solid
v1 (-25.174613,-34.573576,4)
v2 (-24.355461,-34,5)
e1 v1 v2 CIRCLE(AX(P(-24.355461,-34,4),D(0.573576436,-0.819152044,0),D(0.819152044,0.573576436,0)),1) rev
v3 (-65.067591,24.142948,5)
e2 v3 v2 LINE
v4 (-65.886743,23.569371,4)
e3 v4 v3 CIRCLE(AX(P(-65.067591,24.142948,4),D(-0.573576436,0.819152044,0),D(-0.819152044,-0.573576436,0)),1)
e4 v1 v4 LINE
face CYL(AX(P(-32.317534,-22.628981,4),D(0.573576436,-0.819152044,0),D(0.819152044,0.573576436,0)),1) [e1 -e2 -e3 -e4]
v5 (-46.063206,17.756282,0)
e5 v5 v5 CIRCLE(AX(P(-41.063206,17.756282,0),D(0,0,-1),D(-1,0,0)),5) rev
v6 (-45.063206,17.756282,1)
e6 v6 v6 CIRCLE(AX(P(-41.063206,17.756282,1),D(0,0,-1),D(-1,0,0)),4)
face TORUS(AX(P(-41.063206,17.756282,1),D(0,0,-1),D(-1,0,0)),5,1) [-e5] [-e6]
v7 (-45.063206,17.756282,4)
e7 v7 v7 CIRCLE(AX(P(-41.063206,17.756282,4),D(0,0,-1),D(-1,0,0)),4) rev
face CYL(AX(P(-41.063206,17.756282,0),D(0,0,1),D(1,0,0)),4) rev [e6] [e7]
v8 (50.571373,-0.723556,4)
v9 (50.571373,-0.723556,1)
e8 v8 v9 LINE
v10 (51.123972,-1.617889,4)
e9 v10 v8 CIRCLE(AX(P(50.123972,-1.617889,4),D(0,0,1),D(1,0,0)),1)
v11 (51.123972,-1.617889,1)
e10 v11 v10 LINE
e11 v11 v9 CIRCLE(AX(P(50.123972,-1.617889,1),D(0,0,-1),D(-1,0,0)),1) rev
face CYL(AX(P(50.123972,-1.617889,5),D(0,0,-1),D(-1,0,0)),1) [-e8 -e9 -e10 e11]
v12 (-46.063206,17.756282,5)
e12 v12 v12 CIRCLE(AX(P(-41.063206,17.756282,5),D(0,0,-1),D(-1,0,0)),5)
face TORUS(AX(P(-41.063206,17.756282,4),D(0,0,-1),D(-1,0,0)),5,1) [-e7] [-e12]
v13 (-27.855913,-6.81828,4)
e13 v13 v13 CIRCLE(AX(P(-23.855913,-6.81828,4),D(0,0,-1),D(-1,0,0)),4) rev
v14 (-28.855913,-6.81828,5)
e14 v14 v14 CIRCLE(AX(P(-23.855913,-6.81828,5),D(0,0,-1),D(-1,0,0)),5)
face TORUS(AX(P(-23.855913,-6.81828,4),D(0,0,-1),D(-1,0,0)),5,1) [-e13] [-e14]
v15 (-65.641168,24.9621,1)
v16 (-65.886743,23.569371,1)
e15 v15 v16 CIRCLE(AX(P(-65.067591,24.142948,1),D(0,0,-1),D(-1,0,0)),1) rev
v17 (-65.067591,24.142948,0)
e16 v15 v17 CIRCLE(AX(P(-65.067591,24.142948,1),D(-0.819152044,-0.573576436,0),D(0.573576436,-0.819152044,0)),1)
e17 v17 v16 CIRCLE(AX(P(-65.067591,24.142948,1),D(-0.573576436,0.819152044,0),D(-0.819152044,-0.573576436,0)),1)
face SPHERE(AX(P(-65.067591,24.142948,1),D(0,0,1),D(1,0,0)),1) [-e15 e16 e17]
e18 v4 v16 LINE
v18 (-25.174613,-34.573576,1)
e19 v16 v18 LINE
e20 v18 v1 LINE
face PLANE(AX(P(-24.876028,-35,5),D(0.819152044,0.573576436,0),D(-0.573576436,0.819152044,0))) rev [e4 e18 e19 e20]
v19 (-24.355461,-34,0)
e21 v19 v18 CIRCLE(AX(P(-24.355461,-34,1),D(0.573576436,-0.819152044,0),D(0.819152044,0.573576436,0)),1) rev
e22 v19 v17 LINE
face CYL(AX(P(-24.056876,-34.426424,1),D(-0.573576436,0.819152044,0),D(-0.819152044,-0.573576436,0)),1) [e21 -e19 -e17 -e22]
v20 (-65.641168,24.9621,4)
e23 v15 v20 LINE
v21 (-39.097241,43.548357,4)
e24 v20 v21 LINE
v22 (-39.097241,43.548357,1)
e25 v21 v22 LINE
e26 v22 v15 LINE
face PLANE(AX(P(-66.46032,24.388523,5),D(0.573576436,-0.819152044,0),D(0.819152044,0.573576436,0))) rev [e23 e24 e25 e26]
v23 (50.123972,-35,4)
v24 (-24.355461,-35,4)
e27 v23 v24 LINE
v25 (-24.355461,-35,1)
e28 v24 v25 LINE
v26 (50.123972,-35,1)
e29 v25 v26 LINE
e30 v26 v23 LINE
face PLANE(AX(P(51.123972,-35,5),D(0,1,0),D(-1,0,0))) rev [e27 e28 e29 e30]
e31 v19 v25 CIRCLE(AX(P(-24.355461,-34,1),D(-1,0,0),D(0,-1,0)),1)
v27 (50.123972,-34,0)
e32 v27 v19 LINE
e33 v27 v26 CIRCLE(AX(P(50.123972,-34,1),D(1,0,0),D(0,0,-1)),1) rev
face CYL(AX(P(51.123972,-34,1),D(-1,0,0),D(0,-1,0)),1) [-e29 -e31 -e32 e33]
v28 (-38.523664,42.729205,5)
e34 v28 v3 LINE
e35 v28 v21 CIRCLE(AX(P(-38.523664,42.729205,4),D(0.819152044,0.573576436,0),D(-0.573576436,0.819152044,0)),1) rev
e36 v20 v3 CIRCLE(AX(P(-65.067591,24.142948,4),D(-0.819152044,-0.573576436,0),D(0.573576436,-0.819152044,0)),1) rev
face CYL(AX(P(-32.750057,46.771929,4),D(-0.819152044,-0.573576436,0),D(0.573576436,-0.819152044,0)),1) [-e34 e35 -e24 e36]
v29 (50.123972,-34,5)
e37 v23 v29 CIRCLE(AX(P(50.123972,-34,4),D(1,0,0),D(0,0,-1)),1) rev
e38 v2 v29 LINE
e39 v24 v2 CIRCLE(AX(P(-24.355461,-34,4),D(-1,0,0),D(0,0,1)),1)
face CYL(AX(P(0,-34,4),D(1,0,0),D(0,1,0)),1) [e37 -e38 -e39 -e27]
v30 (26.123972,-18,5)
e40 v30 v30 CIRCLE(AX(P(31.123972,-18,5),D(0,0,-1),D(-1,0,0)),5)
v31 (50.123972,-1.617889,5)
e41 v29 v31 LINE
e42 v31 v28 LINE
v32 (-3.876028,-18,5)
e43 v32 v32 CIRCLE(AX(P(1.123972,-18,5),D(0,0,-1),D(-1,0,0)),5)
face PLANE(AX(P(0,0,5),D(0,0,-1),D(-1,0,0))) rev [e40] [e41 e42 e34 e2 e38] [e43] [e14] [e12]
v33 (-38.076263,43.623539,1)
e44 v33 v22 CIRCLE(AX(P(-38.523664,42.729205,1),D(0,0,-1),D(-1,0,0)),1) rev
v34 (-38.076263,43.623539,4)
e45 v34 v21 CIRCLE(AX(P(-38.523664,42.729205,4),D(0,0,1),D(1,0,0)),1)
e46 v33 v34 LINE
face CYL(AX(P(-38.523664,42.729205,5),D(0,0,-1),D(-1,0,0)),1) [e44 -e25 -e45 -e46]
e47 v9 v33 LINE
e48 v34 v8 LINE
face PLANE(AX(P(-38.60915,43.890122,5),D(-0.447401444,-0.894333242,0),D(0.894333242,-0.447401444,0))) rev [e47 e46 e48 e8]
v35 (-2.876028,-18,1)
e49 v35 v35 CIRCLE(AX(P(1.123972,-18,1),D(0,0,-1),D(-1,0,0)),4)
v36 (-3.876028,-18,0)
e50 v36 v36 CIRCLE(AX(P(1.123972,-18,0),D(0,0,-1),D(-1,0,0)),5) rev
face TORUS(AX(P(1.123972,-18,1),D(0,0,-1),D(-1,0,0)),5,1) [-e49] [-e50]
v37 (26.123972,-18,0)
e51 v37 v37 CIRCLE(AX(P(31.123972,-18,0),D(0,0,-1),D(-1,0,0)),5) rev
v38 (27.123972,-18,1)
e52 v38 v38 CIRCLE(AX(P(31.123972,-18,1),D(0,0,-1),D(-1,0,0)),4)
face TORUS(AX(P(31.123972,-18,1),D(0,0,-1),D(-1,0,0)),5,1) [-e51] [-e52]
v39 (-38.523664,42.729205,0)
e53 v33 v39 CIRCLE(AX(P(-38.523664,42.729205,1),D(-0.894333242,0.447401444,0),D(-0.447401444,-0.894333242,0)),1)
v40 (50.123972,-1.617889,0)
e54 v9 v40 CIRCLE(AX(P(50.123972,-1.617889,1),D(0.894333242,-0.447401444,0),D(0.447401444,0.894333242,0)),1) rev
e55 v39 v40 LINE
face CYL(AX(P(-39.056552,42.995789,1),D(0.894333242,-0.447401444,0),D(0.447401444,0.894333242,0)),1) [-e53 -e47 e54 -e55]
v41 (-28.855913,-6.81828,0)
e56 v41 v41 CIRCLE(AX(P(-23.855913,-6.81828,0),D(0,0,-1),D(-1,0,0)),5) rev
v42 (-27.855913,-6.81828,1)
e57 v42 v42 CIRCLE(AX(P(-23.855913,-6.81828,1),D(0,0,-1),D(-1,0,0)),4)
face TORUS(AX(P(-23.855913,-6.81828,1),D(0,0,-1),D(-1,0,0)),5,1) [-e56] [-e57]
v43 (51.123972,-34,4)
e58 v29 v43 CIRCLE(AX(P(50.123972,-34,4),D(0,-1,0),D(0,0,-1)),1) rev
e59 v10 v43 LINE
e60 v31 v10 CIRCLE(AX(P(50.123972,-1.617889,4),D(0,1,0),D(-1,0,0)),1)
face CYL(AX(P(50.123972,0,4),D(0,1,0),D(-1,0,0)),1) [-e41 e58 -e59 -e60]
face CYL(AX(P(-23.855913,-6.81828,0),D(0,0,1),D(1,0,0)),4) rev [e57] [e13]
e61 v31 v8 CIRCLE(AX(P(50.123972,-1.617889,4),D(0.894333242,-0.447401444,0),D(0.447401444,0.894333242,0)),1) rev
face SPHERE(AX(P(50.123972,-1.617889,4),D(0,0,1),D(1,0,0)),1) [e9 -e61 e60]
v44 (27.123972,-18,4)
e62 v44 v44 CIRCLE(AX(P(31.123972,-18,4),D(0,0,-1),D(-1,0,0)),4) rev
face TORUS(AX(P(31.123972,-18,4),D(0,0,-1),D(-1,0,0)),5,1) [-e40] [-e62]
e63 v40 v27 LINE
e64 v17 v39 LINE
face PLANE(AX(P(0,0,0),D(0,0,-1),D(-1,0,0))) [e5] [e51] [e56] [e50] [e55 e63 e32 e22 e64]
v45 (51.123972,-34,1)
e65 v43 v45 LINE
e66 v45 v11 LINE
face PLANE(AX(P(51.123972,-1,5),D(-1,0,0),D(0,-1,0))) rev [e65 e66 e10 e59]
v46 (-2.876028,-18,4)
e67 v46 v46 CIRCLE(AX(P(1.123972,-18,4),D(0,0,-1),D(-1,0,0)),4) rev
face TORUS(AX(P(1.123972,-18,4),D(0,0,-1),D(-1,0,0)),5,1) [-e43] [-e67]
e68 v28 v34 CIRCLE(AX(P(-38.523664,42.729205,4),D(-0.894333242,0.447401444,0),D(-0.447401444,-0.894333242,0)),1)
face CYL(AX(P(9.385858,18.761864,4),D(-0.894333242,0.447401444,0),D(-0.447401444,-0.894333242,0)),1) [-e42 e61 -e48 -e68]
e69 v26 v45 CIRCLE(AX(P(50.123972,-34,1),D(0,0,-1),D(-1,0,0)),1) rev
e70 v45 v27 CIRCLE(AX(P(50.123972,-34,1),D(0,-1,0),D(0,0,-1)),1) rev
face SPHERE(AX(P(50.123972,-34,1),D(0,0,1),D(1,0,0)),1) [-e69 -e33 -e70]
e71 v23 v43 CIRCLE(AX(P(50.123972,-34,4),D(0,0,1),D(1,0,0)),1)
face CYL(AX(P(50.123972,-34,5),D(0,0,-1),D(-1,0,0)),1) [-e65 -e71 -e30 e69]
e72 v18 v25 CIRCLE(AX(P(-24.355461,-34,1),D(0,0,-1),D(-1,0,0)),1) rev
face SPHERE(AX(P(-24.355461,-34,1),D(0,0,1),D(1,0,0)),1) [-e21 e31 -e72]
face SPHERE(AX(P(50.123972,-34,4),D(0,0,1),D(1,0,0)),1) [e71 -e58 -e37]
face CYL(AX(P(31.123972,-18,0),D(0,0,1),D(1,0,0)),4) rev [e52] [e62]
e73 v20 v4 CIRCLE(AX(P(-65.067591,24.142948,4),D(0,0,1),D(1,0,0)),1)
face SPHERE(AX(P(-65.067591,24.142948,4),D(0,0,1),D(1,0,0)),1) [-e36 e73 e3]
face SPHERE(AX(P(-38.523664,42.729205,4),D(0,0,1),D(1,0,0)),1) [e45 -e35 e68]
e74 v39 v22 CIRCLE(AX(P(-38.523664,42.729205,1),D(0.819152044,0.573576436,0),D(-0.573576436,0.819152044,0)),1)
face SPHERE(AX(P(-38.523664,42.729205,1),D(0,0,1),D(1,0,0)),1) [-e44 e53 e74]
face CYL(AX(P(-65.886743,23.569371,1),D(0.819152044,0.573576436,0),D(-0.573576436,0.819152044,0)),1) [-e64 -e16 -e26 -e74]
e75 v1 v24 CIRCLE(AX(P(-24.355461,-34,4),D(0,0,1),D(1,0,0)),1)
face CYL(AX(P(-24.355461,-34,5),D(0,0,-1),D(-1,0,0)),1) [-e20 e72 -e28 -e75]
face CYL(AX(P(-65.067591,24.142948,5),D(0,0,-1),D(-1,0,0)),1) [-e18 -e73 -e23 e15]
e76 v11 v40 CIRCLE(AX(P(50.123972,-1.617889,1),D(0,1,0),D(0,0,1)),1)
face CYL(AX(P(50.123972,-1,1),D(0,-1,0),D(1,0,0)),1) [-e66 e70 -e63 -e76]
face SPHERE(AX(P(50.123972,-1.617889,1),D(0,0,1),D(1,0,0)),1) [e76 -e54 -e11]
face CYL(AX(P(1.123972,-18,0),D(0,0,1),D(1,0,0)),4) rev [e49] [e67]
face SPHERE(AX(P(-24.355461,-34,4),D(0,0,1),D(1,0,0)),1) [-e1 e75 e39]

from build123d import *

# Parameters (mm, degrees)
BOSS_EXTRUDE1_DEPTH = 5
SKETCH2_R           = 4
CUT_EXTRUDE1_DEPTH  = 80.801735059
FILLET1_R           = 1


with BuildPart() as part:
    # Sketch1 → Boss-Extrude1 (new body)
    with BuildSketch(Plane.XY):
        Polygon((-66.46031978, 24.388523211), (-38.609150274, 43.890122047), (51.123971856, -1), (51.123971856, -35), (-24.876028144, -35), align=None)
    extrude(amount=BOSS_EXTRUDE1_DEPTH)

    # Sketch2 → Cut-Extrude1 (cut, through all)
    with BuildSketch(Plane.XY.offset(5)):
        with Locations((31.123971856, -18)):
            Circle(SKETCH2_R)
        with Locations((1.123971856, -18)):
            Circle(SKETCH2_R)
        with Locations((-41.0632063, 17.756281743)):
            Circle(SKETCH2_R)
        with Locations((-23.855913209, -6.818279586)):
            Circle(SKETCH2_R)
    extrude(amount=-CUT_EXTRUDE1_DEPTH, mode=Mode.SUBTRACT)

    # Fillet1
    fillet1_edges = [part.edges().sort_by_distance(p)[0] for p in [
        (51.123971856, -18, 5),
        (6.257410791, 21.445061023, 5),
        (-52.534735027, 34.139322629, 5),
        (27.123971856, -18, 0),
        (27.123971856, -18, 5),
        (-2.876028144, -18, 0),
        (-2.876028144, -18, 5),
        (-27.855913209, -6.818279586, 0),
        (-27.855913209, -6.818279586, 5),
        (-45.0632063, 17.756281743, 0),
        (-45.0632063, 17.756281743, 5),
        (-45.668173962, -5.305738395, 5),
        (-52.534735027, 34.139322629, 0),
        (6.257410791, 21.445061023, 0),
        (51.123971856, -18, 0),
        (13.123971856, -35, 0),
        (-45.668173962, -5.305738395, 0),
        (13.123971856, -35, 5),
        (-66.46031978, 24.388523211, 2.5),
        (-38.609150274, 43.890122047, 2.5),
        (51.123971856, -1, 2.5),
        (51.123971856, -35, 2.5),
        (-24.876028144, -35, 2.5),
    ]]
    fillet(fillet1_edges, radius=FILLET1_R)


solid = part.part
